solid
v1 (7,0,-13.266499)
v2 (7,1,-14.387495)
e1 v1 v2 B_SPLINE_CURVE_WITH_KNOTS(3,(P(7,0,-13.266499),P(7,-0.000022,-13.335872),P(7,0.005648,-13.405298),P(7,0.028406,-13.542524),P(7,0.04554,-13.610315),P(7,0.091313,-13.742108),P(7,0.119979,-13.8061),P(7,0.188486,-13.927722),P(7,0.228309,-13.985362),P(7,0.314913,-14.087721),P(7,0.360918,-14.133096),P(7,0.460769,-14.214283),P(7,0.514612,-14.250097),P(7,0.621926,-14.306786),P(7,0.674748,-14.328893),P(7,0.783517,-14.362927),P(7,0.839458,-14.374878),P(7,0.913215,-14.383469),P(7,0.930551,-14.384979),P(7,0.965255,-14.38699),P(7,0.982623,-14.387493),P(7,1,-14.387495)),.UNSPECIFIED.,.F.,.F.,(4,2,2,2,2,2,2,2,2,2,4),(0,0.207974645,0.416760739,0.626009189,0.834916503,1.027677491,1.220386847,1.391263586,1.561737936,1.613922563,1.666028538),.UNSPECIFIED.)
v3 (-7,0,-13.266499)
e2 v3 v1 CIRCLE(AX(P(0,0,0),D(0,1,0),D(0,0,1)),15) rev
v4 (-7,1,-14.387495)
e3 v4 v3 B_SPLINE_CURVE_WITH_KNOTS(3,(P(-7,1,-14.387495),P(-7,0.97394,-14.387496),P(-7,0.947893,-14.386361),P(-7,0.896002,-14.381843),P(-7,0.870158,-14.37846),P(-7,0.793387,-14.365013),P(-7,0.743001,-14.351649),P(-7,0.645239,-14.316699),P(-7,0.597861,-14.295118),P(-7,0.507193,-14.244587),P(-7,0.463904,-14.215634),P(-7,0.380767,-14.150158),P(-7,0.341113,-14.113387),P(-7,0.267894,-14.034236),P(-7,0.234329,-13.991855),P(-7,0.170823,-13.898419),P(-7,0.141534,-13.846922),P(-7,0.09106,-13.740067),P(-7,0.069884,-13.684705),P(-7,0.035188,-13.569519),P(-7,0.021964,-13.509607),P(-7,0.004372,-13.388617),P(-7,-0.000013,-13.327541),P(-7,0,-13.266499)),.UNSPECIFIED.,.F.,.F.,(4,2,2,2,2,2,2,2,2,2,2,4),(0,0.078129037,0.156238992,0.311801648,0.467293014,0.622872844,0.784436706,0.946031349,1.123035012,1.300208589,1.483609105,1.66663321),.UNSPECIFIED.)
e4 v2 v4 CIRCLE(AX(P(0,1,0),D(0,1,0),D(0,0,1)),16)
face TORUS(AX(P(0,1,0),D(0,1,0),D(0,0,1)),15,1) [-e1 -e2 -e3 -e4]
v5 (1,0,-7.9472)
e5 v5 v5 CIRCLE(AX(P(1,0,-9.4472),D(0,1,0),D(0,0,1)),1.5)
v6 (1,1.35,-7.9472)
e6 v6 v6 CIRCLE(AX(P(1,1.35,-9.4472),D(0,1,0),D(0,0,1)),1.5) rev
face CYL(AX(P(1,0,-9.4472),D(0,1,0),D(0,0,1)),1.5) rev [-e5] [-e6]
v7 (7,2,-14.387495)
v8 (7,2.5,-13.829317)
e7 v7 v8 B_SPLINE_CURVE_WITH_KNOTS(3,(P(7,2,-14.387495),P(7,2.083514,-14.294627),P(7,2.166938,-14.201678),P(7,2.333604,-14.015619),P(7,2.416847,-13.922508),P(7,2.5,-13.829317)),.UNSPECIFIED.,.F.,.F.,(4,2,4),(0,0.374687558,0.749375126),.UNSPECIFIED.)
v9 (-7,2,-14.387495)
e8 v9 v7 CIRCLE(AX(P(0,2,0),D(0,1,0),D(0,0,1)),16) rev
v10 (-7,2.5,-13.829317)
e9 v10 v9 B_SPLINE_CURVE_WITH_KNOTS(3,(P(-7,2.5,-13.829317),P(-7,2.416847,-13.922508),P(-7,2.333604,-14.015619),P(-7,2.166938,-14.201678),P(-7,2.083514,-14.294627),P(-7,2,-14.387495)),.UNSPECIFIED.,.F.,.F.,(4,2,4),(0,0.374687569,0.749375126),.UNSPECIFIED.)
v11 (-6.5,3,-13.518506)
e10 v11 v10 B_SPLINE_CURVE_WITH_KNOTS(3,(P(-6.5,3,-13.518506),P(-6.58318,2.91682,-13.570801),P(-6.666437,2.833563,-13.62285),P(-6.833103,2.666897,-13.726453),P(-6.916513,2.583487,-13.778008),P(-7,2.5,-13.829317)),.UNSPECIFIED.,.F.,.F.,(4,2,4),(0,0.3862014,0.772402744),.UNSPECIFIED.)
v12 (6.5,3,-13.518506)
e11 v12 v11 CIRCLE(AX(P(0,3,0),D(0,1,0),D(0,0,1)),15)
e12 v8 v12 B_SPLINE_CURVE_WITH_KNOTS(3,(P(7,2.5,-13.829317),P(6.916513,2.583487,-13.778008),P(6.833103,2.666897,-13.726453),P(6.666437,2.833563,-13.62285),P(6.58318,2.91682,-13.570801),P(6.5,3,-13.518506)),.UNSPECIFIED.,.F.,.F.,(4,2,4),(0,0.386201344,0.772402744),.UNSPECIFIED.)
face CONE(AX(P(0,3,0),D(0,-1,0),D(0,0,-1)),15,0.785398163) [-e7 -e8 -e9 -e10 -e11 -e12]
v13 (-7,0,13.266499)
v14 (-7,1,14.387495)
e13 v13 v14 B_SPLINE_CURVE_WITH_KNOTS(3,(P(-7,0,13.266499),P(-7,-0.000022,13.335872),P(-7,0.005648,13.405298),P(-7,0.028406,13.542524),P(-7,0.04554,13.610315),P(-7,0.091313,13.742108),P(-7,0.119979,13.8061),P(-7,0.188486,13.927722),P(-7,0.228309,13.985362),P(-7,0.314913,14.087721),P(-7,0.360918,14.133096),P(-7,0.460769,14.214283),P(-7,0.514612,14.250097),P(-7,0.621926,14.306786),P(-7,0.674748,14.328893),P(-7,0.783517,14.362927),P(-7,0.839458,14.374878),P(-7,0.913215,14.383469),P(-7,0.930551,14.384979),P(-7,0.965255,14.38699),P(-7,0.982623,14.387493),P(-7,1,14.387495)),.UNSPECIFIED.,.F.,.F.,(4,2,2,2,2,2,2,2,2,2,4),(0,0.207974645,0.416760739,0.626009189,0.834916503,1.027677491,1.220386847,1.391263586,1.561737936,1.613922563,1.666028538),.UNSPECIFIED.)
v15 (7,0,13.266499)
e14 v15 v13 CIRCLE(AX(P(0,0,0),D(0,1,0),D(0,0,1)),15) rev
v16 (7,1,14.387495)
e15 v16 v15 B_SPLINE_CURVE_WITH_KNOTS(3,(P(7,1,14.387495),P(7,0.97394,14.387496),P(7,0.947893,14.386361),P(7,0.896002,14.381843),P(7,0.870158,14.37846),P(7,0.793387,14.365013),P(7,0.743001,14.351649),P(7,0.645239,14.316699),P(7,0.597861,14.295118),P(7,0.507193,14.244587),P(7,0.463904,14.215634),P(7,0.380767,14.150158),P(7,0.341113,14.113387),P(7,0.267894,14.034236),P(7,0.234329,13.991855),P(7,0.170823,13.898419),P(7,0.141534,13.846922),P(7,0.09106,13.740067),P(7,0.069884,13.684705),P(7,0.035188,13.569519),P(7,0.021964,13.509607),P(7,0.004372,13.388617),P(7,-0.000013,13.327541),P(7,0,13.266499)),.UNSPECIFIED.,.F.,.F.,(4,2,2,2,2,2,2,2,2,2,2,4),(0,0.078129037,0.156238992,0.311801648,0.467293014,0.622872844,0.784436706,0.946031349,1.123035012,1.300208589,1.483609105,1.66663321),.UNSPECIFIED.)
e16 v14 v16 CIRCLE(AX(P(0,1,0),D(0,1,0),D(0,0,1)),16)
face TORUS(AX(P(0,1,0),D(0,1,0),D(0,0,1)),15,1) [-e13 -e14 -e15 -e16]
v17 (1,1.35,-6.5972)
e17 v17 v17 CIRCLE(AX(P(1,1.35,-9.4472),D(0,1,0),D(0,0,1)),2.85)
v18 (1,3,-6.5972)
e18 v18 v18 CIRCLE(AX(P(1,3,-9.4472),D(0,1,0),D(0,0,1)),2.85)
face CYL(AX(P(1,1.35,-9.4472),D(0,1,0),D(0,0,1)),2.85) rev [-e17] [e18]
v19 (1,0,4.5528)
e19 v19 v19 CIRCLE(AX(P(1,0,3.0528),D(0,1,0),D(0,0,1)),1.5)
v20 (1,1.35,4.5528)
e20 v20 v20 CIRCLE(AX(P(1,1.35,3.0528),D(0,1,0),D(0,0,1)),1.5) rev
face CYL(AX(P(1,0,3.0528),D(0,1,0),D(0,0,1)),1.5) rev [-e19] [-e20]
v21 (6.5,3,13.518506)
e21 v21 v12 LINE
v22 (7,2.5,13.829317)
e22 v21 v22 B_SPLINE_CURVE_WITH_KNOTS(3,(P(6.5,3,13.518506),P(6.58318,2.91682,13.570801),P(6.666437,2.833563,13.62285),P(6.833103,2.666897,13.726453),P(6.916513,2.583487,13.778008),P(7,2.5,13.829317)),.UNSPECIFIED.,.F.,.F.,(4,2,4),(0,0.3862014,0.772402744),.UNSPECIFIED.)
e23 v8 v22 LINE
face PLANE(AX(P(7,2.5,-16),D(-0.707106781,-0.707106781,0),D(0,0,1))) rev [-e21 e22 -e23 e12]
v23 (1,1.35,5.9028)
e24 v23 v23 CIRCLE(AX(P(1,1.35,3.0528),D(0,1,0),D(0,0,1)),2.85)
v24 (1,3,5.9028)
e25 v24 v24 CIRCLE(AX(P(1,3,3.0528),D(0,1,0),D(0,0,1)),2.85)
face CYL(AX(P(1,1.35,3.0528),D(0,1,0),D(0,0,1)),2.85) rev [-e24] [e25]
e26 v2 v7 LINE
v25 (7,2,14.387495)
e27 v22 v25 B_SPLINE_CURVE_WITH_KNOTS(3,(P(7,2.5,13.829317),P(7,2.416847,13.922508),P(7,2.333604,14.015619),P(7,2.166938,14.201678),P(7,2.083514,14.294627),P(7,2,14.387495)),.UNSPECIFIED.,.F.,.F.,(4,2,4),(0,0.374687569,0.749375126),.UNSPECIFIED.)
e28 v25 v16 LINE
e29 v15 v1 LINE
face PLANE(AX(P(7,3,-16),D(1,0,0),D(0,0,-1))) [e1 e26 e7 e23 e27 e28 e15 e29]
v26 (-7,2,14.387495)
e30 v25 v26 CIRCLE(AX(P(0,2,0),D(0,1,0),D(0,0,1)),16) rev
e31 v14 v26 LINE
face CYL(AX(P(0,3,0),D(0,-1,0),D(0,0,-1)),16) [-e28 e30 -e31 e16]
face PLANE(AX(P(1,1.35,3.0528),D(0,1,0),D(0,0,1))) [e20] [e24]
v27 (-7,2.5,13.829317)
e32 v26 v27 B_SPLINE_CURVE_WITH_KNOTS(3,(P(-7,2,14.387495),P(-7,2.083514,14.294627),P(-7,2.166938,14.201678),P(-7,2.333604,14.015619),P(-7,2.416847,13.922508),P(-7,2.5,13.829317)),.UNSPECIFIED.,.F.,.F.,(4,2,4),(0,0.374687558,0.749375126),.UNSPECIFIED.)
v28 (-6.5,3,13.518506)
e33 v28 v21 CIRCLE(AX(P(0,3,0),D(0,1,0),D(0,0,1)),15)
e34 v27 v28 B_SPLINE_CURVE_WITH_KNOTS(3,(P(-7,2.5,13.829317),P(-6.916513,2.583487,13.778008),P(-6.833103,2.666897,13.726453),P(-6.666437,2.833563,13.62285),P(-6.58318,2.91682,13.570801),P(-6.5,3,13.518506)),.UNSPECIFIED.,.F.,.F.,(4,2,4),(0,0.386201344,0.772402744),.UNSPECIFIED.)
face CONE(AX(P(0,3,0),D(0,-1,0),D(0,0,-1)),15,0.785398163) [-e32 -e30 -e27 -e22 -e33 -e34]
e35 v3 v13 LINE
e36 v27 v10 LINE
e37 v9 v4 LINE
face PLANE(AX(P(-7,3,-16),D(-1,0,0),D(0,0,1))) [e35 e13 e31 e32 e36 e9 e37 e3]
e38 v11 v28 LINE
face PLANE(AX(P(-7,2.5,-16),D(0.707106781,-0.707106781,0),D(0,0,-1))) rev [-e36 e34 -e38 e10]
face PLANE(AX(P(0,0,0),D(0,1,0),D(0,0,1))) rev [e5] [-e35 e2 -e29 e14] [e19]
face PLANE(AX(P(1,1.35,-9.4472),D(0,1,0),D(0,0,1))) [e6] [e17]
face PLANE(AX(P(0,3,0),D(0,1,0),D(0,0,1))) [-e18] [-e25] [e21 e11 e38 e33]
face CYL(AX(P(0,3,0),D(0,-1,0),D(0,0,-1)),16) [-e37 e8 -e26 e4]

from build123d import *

# Parameters (mm, degrees)
SKETCH2_R           = 16
BOSS_EXTRUDE1_DEPTH = 3
SKETCH1_W           = 9
SKETCH1_H           = 32
CUT_EXTRUDE1_DEPTH  = 4
SKETCH3_R           = 1.5
CUT_EXTRUDE2_DEPTH  = 4
SKETCH4_R           = 2.85
CUT_EXTRUDE3_DEPTH  = 1.65
CHAMFER1_SIZE       = 0.5
FILLET1_R           = 1
CHAMFER2_SIZE       = 1


with BuildPart() as part:
    # Sketch2 → Boss-Extrude1 (new body)
    with BuildSketch(Plane(origin=(0, 0, 0), x_dir=(1, 0, 0), z_dir=(0, 1, 0))):
        Circle(SKETCH2_R)
    extrude(amount=BOSS_EXTRUDE1_DEPTH)

    # Sketch1 → Cut-Extrude1 (cut, through all)
    with BuildSketch(Plane(origin=(0, 0, 0), x_dir=(1, 0, 0), z_dir=(0, 1, 0))):
        with Locations((-11.5, 0)):
            Rectangle(SKETCH1_W, SKETCH1_H)
        with Locations((11.5, 0)):
            Rectangle(SKETCH1_W, SKETCH1_H)
    extrude(amount=CUT_EXTRUDE1_DEPTH, mode=Mode.SUBTRACT)

    # Sketch3 → Cut-Extrude2 (cut, through all)
    with BuildSketch(Plane(origin=(0, 3, 0), x_dir=(1, 0, 0), z_dir=(0, 1, 0))):
        with Locations((1, 9.4472)):
            Circle(SKETCH3_R)
        with Locations((1, -3.0528)):
            Circle(SKETCH3_R)
    extrude(amount=-CUT_EXTRUDE2_DEPTH, mode=Mode.SUBTRACT)

    # Sketch4 → Cut-Extrude3 (cut)
    with BuildSketch(Plane(origin=(0, 3, 0), x_dir=(1, 0, 0), z_dir=(0, 1, 0))):
        with Locations((1, 9.4472)):
            Circle(SKETCH4_R)
        with Locations((1, -3.0528)):
            Circle(SKETCH4_R)
    extrude(amount=-CUT_EXTRUDE3_DEPTH, mode=Mode.SUBTRACT)

    # Chamfer1
    chamfer1_edges = [part.edges().sort_by_distance(p)[0] for p in [
        (-7, 3, 0),
        (7, 3, 0),
    ]]
    chamfer(chamfer1_edges, length=CHAMFER1_SIZE)

    # Fillet1
    fillet1_edges = [part.edges().sort_by_distance(p)[0] for p in [
        (0, 0, -16),
        (0, 0, 16),
    ]]
    fillet(fillet1_edges, radius=FILLET1_R)

    # Chamfer2
    chamfer2_edges = [part.edges().sort_by_distance(p)[0] for p in [
        (0, 3, -16),
        (0, 3, 16),
    ]]
    chamfer(chamfer2_edges, length=CHAMFER2_SIZE)


solid = part.part
